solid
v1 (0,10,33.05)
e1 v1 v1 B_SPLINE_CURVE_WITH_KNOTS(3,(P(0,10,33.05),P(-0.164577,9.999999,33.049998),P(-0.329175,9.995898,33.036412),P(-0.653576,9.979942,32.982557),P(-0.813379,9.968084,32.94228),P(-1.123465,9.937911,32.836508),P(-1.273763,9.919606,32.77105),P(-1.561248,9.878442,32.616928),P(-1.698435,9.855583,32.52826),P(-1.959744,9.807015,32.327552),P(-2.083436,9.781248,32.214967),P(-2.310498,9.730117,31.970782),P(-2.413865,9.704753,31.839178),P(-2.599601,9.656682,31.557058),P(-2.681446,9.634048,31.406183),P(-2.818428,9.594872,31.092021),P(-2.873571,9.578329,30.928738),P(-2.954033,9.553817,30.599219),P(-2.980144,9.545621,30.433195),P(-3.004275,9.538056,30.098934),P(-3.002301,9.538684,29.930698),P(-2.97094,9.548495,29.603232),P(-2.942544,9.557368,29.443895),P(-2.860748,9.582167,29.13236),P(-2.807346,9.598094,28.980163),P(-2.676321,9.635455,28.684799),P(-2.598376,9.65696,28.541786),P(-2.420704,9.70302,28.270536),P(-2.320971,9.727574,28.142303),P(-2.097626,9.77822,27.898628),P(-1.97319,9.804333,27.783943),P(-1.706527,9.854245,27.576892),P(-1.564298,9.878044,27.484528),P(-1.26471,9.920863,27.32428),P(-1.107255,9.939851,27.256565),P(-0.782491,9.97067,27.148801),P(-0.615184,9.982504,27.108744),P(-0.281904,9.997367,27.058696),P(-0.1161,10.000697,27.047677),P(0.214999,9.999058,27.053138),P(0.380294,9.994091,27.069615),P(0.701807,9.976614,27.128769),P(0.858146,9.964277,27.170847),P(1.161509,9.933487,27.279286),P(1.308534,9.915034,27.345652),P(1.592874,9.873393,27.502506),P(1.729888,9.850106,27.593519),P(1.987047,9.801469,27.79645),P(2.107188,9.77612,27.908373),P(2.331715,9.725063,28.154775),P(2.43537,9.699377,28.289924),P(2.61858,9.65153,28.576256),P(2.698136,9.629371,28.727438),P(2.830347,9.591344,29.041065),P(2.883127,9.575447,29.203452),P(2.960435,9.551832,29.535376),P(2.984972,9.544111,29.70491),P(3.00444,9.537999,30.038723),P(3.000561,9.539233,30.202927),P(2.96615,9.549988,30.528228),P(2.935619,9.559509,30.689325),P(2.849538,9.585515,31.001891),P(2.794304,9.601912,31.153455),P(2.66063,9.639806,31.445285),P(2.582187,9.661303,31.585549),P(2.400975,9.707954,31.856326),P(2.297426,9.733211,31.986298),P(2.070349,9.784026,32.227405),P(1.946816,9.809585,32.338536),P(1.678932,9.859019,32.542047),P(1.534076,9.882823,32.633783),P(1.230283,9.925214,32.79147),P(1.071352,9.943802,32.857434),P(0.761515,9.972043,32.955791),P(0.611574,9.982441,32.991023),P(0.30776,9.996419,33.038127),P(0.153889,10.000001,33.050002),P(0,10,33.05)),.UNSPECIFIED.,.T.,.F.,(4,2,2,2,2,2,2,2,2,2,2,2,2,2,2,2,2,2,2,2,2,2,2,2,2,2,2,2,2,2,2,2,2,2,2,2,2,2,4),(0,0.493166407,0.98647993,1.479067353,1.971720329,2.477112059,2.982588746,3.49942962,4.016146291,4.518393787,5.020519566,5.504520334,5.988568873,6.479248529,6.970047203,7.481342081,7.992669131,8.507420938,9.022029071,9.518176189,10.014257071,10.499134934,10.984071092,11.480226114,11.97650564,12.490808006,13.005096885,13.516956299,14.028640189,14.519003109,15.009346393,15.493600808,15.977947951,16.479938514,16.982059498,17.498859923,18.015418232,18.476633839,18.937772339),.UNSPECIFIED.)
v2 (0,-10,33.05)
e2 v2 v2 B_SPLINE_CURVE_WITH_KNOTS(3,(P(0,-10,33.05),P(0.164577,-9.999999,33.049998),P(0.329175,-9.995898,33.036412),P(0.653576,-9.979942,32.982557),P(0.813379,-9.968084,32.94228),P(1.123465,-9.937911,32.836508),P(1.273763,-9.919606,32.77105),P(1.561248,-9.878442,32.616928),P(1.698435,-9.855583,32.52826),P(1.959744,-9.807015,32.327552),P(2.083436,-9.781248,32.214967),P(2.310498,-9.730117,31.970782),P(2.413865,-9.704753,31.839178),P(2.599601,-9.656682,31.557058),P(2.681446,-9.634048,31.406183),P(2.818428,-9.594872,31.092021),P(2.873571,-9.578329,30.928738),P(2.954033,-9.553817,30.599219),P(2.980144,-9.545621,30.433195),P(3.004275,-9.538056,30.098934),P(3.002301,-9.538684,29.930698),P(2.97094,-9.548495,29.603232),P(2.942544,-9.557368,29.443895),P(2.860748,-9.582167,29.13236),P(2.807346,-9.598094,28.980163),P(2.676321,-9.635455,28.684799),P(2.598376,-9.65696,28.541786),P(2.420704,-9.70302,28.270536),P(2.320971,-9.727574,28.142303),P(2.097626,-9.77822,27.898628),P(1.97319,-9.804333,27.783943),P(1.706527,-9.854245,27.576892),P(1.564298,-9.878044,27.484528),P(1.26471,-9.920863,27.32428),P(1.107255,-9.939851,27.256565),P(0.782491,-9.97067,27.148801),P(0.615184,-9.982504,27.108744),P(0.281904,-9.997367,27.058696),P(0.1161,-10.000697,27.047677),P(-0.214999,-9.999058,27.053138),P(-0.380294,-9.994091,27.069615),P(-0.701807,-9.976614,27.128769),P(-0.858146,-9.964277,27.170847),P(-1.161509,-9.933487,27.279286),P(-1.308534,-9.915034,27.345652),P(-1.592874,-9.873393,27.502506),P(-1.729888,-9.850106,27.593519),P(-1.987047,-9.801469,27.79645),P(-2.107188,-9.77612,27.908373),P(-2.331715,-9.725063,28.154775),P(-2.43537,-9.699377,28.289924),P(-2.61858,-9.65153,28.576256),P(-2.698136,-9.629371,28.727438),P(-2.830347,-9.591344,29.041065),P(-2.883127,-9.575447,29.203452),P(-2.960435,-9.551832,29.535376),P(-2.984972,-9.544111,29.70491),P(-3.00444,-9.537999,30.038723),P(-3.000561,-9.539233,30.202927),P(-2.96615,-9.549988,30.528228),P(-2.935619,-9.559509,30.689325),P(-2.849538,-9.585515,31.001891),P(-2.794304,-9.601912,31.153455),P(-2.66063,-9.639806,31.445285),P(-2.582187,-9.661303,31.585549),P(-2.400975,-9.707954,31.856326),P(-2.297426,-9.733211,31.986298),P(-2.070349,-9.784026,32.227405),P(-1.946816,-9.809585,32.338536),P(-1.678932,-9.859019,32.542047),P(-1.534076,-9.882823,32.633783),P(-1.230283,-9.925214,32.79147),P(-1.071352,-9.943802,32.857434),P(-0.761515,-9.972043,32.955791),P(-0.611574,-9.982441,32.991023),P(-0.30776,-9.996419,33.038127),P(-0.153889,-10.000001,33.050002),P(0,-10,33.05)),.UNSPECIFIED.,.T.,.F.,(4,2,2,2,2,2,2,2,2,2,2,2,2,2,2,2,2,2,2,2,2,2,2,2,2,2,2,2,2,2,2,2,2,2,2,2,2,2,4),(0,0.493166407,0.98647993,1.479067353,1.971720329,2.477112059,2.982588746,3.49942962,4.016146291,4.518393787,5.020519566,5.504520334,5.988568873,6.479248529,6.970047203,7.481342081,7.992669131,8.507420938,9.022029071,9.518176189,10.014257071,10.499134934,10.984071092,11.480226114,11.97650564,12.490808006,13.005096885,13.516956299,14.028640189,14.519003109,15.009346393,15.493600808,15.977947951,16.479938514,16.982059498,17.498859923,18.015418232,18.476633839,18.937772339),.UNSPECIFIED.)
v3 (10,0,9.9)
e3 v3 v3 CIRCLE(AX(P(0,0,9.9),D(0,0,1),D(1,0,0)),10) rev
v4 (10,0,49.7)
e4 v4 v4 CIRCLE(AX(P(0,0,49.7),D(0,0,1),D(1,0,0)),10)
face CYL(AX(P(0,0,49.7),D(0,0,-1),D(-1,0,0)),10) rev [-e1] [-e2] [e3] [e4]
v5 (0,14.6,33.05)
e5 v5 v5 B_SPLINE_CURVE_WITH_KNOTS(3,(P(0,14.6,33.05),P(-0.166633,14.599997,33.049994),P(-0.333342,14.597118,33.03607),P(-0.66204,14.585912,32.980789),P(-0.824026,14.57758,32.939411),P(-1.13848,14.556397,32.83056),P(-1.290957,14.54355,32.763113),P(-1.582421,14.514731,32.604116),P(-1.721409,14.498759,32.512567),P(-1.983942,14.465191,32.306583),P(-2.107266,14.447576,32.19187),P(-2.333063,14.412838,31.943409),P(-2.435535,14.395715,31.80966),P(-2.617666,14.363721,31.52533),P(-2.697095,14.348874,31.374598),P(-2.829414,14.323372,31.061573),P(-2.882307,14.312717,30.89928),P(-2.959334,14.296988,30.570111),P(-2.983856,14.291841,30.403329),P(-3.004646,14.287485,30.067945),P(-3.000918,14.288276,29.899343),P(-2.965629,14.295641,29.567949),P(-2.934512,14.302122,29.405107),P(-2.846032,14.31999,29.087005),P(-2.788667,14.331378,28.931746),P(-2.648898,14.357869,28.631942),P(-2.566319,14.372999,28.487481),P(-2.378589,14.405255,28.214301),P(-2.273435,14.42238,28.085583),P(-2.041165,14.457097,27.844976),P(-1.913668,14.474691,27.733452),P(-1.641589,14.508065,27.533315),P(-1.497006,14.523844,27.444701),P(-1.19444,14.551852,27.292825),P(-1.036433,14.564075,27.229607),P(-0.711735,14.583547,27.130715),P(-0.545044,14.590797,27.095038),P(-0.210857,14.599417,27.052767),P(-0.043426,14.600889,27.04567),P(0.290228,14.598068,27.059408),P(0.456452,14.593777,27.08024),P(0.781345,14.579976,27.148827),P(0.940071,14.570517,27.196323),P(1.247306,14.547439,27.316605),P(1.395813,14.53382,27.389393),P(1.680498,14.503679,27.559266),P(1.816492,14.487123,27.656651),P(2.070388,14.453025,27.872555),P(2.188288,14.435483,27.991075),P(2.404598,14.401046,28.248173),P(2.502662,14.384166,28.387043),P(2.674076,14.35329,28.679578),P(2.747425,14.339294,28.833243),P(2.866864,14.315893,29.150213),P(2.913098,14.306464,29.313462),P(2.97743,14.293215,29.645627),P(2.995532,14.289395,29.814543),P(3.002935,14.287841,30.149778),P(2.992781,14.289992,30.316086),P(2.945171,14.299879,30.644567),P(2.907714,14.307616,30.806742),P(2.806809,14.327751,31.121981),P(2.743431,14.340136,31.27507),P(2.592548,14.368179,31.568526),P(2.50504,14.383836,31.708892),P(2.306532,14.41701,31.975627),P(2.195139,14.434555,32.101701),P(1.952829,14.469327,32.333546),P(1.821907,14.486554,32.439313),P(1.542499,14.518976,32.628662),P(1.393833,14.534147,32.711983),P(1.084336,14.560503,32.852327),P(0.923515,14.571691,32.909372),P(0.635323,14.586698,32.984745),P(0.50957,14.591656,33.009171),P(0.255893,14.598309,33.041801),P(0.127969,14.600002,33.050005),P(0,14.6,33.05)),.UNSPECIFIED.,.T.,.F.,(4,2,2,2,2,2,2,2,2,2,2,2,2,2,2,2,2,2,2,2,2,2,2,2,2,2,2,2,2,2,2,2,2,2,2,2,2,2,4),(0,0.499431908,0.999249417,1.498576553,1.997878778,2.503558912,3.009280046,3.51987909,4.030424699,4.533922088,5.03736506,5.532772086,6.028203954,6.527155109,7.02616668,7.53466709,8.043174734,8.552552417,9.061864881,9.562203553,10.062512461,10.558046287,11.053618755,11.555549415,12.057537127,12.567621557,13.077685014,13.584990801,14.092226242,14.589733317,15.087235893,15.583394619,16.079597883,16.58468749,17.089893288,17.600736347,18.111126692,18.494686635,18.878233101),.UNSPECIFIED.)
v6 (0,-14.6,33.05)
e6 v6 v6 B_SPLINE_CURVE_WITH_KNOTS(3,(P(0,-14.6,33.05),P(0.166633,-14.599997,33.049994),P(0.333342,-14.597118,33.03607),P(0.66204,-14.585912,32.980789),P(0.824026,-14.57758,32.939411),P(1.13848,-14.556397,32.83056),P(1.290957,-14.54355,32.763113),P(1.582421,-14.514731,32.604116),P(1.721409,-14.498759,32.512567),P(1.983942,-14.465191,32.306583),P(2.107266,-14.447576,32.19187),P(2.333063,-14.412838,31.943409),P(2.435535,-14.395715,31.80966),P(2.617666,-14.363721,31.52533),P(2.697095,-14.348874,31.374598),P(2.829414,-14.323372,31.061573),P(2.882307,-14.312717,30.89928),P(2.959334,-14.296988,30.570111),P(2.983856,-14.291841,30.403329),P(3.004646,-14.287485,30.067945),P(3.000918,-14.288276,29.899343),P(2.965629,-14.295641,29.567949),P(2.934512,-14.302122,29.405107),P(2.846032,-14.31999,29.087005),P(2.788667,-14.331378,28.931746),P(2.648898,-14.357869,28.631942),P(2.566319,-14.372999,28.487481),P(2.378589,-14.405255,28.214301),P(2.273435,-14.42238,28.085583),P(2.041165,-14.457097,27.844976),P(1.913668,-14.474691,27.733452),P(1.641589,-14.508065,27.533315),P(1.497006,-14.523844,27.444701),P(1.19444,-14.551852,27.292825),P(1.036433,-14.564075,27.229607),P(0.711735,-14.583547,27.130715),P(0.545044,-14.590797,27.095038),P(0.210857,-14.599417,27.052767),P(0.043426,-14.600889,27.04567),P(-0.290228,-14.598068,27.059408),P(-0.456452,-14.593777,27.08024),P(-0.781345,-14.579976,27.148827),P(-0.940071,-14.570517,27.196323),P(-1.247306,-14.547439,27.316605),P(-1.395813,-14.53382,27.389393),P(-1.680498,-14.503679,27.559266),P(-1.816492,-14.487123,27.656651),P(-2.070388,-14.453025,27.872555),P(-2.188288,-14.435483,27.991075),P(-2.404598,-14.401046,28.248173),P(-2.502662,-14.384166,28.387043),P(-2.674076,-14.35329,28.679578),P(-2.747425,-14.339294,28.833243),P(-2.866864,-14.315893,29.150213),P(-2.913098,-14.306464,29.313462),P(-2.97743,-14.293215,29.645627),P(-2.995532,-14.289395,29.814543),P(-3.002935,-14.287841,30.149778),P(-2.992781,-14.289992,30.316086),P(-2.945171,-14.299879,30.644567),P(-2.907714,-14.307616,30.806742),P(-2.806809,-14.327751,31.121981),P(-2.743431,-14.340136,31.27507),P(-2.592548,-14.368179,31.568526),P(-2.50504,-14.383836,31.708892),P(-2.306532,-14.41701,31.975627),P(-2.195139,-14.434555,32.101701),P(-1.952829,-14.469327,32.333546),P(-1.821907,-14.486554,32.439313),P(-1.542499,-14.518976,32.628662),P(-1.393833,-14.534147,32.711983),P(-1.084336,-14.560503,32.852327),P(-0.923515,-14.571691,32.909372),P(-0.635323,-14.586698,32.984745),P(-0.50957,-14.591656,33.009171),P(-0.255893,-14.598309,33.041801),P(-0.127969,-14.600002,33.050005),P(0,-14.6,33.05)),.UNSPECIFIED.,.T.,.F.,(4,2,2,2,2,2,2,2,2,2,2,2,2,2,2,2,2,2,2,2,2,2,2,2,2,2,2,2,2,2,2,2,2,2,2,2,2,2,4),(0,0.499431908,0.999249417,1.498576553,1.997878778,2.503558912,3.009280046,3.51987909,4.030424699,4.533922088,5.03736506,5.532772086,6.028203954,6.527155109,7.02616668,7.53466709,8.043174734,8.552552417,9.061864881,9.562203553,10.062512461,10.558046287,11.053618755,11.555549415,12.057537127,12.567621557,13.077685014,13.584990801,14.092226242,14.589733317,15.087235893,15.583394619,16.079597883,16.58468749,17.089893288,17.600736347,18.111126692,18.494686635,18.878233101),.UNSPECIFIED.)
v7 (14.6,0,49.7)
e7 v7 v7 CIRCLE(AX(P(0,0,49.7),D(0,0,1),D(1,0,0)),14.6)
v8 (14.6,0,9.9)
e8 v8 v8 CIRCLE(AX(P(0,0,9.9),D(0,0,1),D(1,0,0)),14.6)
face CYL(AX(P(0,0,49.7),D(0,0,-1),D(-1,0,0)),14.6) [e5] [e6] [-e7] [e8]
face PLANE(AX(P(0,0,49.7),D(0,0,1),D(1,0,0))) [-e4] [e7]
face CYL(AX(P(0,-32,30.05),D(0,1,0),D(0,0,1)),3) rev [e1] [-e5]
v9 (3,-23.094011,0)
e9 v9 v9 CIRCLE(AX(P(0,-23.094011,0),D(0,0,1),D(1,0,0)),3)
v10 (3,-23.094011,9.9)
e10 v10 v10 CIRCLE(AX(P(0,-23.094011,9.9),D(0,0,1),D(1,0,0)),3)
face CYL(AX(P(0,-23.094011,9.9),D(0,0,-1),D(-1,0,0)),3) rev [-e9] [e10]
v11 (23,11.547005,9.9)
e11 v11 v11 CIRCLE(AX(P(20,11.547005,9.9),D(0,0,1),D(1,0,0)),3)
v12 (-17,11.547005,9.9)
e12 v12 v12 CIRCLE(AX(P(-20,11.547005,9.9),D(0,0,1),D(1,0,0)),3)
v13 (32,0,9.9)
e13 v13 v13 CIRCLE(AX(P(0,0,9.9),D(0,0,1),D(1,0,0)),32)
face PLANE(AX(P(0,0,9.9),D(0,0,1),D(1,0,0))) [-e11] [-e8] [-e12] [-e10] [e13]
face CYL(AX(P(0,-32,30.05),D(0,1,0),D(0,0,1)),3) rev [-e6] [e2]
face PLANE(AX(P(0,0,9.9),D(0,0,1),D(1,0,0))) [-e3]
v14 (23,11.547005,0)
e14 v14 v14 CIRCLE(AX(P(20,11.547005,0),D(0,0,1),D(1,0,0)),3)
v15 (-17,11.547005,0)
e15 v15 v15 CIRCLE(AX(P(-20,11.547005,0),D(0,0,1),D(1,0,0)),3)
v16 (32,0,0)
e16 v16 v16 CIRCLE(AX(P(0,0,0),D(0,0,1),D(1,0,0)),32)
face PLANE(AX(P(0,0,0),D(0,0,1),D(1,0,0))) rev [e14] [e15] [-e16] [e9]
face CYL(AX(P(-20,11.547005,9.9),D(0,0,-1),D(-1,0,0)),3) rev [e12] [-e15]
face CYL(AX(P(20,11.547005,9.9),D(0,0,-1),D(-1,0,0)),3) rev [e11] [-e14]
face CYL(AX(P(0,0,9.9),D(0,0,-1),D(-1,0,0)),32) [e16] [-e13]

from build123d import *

# Parameters (mm, degrees)
SKETCH1_R               = 32
SKETCH1_R_2             = 3
BOSS_EXTRUDE1_DEPTH     = 9.9
SKETCH2_R               = 14.6
SKETCH2_R_2             = 10
BOSS_EXTRUDE2_DEPTH     = 39.8
SKETCH3_R               = 3
CUT_EXTRUDE1_DEPTH      = 33
CUT_EXTRUDE1_DEPTH_BACK = 33


with BuildPart() as part:
    # Sketch1 → Boss-Extrude1 (new body)
    with BuildSketch(Plane.XY):
        Circle(SKETCH1_R)
        with Locations((20, 11.547005384)):
            Circle(SKETCH1_R_2, mode=Mode.SUBTRACT)
        with Locations((0, -23.094010768)):
            Circle(SKETCH1_R_2, mode=Mode.SUBTRACT)
        with Locations((-20, 11.547005384)):
            Circle(SKETCH1_R_2, mode=Mode.SUBTRACT)
    extrude(amount=BOSS_EXTRUDE1_DEPTH)

    # Sketch2 → Boss-Extrude2 (add)
    with BuildSketch(Plane.XY.offset(9.9)):
        Circle(SKETCH2_R)
        Circle(SKETCH2_R_2, mode=Mode.SUBTRACT)
    extrude(amount=BOSS_EXTRUDE2_DEPTH)

    # Sketch3 → Cut-Extrude1 (cut, two sides)
    with BuildSketch(Plane(origin=(0, 0, 0), x_dir=(1, 0, 0), z_dir=(0, 1, 0))) as cut_extrude1_sk:
        with Locations((0, -30.05)):
            Circle(SKETCH3_R)
    extrude(amount=CUT_EXTRUDE1_DEPTH, mode=Mode.SUBTRACT)
    extrude(cut_extrude1_sk.sketch, amount=-CUT_EXTRUDE1_DEPTH_BACK, mode=Mode.SUBTRACT)


solid = part.part
